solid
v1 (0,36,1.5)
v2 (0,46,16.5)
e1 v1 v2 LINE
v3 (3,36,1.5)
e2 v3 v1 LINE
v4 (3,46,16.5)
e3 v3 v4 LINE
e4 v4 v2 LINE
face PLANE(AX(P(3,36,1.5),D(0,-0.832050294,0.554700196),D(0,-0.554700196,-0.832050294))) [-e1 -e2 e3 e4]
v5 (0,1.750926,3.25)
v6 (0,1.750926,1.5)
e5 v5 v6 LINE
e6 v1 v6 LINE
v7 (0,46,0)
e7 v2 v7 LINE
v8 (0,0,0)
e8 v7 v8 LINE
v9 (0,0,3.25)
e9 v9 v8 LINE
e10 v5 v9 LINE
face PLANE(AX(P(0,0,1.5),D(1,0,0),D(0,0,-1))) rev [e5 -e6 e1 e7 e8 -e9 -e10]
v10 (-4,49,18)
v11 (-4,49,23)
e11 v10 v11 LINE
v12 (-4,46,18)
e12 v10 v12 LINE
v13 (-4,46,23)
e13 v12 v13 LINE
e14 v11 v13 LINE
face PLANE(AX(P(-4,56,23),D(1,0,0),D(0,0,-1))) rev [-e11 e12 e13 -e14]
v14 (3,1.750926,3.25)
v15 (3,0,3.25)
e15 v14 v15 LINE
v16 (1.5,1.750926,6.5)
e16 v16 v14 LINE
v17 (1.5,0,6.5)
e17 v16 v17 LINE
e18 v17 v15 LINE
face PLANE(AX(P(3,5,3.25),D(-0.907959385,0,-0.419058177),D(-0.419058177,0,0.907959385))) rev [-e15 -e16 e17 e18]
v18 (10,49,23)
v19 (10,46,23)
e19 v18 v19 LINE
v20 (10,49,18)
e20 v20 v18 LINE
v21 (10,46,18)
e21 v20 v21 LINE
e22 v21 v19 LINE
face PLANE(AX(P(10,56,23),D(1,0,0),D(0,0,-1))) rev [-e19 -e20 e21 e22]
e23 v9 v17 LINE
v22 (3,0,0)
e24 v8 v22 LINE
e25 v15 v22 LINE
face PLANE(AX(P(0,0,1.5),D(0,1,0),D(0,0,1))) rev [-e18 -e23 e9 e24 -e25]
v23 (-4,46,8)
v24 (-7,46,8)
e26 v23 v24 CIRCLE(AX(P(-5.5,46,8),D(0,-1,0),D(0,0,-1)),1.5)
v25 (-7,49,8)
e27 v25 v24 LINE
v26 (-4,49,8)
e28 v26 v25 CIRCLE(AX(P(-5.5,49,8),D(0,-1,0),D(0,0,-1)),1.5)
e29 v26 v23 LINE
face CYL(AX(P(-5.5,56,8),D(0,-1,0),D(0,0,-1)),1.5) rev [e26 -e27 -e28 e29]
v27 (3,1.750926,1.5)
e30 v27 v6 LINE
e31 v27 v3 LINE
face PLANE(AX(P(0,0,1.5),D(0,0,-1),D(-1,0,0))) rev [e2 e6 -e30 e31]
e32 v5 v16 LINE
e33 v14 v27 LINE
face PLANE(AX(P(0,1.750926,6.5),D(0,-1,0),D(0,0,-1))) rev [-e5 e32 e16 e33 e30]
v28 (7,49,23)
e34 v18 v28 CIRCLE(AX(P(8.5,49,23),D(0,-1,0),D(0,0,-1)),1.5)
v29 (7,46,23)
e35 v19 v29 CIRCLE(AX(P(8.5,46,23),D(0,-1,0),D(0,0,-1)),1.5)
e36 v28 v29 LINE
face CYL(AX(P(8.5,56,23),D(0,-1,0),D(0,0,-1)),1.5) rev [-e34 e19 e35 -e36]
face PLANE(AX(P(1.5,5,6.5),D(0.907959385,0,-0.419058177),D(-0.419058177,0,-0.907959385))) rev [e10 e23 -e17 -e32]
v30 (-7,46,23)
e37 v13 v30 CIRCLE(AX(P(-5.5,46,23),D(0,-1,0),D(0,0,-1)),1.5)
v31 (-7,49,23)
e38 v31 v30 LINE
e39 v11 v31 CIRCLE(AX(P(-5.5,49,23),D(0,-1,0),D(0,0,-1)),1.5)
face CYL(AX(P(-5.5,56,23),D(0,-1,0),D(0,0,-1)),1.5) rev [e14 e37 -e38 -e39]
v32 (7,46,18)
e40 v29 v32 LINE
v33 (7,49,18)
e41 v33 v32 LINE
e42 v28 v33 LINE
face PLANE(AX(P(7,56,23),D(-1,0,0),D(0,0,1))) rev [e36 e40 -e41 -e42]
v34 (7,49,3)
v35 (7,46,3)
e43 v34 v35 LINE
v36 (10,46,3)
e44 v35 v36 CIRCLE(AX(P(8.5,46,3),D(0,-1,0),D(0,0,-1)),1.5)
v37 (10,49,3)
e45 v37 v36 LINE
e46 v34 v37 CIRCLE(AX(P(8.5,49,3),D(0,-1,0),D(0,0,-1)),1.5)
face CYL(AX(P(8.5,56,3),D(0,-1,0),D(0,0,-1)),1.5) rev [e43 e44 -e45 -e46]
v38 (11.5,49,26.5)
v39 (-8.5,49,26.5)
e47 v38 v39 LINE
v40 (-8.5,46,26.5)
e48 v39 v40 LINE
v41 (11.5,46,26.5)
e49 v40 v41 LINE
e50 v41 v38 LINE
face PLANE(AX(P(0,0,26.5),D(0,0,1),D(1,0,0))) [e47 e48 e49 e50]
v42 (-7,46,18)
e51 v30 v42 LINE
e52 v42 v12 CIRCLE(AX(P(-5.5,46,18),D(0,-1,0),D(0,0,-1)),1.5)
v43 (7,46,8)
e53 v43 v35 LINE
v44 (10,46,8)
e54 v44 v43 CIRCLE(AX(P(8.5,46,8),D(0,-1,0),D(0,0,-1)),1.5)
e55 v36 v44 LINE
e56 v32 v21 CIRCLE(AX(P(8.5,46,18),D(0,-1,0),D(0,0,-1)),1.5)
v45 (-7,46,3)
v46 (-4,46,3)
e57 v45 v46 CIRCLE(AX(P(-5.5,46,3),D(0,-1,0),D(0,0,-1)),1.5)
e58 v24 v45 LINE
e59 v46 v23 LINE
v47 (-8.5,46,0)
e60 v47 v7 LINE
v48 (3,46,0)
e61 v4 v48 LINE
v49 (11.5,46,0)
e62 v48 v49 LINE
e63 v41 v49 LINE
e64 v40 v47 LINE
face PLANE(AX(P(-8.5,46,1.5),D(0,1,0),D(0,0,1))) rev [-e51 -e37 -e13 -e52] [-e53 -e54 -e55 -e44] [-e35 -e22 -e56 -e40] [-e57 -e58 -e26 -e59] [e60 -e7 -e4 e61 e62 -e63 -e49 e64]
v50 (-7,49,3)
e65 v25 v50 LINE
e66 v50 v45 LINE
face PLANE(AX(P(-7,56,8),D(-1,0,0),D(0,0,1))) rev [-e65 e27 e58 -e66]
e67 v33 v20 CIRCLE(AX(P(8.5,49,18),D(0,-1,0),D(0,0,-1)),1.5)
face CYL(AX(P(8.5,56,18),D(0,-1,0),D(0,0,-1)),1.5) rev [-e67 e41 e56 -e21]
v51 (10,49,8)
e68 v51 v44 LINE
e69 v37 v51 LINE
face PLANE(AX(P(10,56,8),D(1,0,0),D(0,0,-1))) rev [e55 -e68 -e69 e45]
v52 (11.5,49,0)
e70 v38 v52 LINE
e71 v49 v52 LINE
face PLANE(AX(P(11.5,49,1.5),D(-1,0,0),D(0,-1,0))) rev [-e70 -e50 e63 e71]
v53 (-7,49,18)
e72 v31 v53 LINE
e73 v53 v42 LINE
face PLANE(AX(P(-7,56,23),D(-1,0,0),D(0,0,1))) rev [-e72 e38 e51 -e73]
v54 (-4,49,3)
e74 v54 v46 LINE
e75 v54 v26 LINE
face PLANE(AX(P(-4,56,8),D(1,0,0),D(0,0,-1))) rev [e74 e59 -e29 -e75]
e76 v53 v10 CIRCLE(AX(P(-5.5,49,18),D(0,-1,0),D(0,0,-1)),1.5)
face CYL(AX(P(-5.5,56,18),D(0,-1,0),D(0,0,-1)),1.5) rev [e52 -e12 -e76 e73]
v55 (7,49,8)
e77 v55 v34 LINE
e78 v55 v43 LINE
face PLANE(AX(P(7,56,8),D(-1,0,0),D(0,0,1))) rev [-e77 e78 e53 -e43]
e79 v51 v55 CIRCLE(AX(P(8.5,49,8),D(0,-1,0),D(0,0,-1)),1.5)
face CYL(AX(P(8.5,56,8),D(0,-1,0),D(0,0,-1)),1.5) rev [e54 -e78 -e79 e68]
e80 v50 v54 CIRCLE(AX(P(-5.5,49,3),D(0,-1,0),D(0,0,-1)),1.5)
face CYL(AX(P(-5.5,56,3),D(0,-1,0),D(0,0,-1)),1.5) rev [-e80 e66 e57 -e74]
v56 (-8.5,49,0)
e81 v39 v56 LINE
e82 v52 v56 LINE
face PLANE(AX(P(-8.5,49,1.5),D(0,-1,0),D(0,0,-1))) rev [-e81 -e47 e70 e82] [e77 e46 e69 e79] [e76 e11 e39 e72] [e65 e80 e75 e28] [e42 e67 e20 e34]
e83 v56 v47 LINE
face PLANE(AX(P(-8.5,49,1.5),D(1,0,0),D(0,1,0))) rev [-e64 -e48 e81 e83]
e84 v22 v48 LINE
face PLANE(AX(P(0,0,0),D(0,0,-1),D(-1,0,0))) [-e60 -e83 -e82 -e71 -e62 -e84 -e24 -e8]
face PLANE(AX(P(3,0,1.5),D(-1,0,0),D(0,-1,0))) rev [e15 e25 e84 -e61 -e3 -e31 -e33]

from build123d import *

# Parameters (mm, degrees)
BOSS_EXTRUDE1_DEPTH = 1.5
SKETCH2_W           = 3
SKETCH2_H           = 1.750926398
BOSS_EXTRUDE2_DEPTH = 5
SKETCH3_W           = 20
SKETCH3_H           = 3
BOSS_EXTRUDE3_DEPTH = 25
CUT_EXTRUDE1_DEPTH  = 5
CUT_EXTRUDE2_DEPTH  = 10
BOSS_EXTRUDE4_DEPTH = 3


with BuildPart() as part:
    # Sketch1 → Boss-Extrude1 (new body)
    with BuildSketch(Plane.XY):
        Polygon((3, 46), (11.5, 46), (11.5, 49), (-8.5, 49), (-8.5, 46), (0, 46), (0, 0), (3, 0), align=None)
    extrude(amount=BOSS_EXTRUDE1_DEPTH)

    # Sketch2 → Boss-Extrude2 (add)
    with BuildSketch(Plane.XY.offset(1.5)):
        with Locations((1.5, 0.875463199)):
            Rectangle(SKETCH2_W, SKETCH2_H)
    extrude(amount=BOSS_EXTRUDE2_DEPTH)

    # Sketch3 → Boss-Extrude3 (add)
    with BuildSketch(Plane.XY.offset(1.5)):
        with Locations((1.5, 47.5)):
            Rectangle(SKETCH3_W, SKETCH3_H)
    extrude(amount=BOSS_EXTRUDE3_DEPTH)

    # Sketch4 → Cut-Extrude1 (cut)
    with BuildSketch(Plane.XZ):
        Polygon((1.5, 6.5), (0, 3.25), (-2.721053337, 3.25), (-2.721053337, 9.447530039), (6.003312616, 9.447530039), (5.654337978, 3.25), (3, 3.25), align=None)
    extrude(amount=-CUT_EXTRUDE1_DEPTH, mode=Mode.SUBTRACT)

    # Sketch5 → Cut-Extrude2 (cut)
    with BuildSketch(Plane.XZ.offset(-46)):
        with BuildLine():
            Line((-4, 8), (-4, 3))
            ThreePointArc((-4, 3), (-5.5, 1.5), (-7, 3))
            Line((-7, 3), (-7, 8))
            ThreePointArc((-7, 8), (-5.5, 9.5), (-4, 8))
        make_face()
        with BuildLine():
            Line((10, 8), (10, 3))
            ThreePointArc((10, 3), (8.5, 1.5), (7, 3))
            Line((7, 3), (7, 8))
            ThreePointArc((7, 8), (8.5, 9.5), (10, 8))
        make_face()
        with BuildLine():
            Line((10, 23), (10, 18))
            ThreePointArc((10, 18), (8.5, 16.5), (7, 18))
            Line((7, 18), (7, 23))
            ThreePointArc((7, 23), (8.5, 24.5), (10, 23))
        make_face()
        with BuildLine():
            Line((-4, 23), (-4, 18))
            ThreePointArc((-4, 18), (-5.5, 16.5), (-7, 18))
            Line((-7, 18), (-7, 23))
            ThreePointArc((-7, 23), (-5.5, 24.5), (-4, 23))
        make_face()
    extrude(amount=-CUT_EXTRUDE2_DEPTH, mode=Mode.SUBTRACT)

    # Sketch6 → Boss-Extrude4 (add)
    with BuildSketch(Plane.ZY):
        Polygon((1.5, 46), (16.5, 46), (1.5, 36), align=None)
    extrude(amount=-BOSS_EXTRUDE4_DEPTH)


solid = part.part
